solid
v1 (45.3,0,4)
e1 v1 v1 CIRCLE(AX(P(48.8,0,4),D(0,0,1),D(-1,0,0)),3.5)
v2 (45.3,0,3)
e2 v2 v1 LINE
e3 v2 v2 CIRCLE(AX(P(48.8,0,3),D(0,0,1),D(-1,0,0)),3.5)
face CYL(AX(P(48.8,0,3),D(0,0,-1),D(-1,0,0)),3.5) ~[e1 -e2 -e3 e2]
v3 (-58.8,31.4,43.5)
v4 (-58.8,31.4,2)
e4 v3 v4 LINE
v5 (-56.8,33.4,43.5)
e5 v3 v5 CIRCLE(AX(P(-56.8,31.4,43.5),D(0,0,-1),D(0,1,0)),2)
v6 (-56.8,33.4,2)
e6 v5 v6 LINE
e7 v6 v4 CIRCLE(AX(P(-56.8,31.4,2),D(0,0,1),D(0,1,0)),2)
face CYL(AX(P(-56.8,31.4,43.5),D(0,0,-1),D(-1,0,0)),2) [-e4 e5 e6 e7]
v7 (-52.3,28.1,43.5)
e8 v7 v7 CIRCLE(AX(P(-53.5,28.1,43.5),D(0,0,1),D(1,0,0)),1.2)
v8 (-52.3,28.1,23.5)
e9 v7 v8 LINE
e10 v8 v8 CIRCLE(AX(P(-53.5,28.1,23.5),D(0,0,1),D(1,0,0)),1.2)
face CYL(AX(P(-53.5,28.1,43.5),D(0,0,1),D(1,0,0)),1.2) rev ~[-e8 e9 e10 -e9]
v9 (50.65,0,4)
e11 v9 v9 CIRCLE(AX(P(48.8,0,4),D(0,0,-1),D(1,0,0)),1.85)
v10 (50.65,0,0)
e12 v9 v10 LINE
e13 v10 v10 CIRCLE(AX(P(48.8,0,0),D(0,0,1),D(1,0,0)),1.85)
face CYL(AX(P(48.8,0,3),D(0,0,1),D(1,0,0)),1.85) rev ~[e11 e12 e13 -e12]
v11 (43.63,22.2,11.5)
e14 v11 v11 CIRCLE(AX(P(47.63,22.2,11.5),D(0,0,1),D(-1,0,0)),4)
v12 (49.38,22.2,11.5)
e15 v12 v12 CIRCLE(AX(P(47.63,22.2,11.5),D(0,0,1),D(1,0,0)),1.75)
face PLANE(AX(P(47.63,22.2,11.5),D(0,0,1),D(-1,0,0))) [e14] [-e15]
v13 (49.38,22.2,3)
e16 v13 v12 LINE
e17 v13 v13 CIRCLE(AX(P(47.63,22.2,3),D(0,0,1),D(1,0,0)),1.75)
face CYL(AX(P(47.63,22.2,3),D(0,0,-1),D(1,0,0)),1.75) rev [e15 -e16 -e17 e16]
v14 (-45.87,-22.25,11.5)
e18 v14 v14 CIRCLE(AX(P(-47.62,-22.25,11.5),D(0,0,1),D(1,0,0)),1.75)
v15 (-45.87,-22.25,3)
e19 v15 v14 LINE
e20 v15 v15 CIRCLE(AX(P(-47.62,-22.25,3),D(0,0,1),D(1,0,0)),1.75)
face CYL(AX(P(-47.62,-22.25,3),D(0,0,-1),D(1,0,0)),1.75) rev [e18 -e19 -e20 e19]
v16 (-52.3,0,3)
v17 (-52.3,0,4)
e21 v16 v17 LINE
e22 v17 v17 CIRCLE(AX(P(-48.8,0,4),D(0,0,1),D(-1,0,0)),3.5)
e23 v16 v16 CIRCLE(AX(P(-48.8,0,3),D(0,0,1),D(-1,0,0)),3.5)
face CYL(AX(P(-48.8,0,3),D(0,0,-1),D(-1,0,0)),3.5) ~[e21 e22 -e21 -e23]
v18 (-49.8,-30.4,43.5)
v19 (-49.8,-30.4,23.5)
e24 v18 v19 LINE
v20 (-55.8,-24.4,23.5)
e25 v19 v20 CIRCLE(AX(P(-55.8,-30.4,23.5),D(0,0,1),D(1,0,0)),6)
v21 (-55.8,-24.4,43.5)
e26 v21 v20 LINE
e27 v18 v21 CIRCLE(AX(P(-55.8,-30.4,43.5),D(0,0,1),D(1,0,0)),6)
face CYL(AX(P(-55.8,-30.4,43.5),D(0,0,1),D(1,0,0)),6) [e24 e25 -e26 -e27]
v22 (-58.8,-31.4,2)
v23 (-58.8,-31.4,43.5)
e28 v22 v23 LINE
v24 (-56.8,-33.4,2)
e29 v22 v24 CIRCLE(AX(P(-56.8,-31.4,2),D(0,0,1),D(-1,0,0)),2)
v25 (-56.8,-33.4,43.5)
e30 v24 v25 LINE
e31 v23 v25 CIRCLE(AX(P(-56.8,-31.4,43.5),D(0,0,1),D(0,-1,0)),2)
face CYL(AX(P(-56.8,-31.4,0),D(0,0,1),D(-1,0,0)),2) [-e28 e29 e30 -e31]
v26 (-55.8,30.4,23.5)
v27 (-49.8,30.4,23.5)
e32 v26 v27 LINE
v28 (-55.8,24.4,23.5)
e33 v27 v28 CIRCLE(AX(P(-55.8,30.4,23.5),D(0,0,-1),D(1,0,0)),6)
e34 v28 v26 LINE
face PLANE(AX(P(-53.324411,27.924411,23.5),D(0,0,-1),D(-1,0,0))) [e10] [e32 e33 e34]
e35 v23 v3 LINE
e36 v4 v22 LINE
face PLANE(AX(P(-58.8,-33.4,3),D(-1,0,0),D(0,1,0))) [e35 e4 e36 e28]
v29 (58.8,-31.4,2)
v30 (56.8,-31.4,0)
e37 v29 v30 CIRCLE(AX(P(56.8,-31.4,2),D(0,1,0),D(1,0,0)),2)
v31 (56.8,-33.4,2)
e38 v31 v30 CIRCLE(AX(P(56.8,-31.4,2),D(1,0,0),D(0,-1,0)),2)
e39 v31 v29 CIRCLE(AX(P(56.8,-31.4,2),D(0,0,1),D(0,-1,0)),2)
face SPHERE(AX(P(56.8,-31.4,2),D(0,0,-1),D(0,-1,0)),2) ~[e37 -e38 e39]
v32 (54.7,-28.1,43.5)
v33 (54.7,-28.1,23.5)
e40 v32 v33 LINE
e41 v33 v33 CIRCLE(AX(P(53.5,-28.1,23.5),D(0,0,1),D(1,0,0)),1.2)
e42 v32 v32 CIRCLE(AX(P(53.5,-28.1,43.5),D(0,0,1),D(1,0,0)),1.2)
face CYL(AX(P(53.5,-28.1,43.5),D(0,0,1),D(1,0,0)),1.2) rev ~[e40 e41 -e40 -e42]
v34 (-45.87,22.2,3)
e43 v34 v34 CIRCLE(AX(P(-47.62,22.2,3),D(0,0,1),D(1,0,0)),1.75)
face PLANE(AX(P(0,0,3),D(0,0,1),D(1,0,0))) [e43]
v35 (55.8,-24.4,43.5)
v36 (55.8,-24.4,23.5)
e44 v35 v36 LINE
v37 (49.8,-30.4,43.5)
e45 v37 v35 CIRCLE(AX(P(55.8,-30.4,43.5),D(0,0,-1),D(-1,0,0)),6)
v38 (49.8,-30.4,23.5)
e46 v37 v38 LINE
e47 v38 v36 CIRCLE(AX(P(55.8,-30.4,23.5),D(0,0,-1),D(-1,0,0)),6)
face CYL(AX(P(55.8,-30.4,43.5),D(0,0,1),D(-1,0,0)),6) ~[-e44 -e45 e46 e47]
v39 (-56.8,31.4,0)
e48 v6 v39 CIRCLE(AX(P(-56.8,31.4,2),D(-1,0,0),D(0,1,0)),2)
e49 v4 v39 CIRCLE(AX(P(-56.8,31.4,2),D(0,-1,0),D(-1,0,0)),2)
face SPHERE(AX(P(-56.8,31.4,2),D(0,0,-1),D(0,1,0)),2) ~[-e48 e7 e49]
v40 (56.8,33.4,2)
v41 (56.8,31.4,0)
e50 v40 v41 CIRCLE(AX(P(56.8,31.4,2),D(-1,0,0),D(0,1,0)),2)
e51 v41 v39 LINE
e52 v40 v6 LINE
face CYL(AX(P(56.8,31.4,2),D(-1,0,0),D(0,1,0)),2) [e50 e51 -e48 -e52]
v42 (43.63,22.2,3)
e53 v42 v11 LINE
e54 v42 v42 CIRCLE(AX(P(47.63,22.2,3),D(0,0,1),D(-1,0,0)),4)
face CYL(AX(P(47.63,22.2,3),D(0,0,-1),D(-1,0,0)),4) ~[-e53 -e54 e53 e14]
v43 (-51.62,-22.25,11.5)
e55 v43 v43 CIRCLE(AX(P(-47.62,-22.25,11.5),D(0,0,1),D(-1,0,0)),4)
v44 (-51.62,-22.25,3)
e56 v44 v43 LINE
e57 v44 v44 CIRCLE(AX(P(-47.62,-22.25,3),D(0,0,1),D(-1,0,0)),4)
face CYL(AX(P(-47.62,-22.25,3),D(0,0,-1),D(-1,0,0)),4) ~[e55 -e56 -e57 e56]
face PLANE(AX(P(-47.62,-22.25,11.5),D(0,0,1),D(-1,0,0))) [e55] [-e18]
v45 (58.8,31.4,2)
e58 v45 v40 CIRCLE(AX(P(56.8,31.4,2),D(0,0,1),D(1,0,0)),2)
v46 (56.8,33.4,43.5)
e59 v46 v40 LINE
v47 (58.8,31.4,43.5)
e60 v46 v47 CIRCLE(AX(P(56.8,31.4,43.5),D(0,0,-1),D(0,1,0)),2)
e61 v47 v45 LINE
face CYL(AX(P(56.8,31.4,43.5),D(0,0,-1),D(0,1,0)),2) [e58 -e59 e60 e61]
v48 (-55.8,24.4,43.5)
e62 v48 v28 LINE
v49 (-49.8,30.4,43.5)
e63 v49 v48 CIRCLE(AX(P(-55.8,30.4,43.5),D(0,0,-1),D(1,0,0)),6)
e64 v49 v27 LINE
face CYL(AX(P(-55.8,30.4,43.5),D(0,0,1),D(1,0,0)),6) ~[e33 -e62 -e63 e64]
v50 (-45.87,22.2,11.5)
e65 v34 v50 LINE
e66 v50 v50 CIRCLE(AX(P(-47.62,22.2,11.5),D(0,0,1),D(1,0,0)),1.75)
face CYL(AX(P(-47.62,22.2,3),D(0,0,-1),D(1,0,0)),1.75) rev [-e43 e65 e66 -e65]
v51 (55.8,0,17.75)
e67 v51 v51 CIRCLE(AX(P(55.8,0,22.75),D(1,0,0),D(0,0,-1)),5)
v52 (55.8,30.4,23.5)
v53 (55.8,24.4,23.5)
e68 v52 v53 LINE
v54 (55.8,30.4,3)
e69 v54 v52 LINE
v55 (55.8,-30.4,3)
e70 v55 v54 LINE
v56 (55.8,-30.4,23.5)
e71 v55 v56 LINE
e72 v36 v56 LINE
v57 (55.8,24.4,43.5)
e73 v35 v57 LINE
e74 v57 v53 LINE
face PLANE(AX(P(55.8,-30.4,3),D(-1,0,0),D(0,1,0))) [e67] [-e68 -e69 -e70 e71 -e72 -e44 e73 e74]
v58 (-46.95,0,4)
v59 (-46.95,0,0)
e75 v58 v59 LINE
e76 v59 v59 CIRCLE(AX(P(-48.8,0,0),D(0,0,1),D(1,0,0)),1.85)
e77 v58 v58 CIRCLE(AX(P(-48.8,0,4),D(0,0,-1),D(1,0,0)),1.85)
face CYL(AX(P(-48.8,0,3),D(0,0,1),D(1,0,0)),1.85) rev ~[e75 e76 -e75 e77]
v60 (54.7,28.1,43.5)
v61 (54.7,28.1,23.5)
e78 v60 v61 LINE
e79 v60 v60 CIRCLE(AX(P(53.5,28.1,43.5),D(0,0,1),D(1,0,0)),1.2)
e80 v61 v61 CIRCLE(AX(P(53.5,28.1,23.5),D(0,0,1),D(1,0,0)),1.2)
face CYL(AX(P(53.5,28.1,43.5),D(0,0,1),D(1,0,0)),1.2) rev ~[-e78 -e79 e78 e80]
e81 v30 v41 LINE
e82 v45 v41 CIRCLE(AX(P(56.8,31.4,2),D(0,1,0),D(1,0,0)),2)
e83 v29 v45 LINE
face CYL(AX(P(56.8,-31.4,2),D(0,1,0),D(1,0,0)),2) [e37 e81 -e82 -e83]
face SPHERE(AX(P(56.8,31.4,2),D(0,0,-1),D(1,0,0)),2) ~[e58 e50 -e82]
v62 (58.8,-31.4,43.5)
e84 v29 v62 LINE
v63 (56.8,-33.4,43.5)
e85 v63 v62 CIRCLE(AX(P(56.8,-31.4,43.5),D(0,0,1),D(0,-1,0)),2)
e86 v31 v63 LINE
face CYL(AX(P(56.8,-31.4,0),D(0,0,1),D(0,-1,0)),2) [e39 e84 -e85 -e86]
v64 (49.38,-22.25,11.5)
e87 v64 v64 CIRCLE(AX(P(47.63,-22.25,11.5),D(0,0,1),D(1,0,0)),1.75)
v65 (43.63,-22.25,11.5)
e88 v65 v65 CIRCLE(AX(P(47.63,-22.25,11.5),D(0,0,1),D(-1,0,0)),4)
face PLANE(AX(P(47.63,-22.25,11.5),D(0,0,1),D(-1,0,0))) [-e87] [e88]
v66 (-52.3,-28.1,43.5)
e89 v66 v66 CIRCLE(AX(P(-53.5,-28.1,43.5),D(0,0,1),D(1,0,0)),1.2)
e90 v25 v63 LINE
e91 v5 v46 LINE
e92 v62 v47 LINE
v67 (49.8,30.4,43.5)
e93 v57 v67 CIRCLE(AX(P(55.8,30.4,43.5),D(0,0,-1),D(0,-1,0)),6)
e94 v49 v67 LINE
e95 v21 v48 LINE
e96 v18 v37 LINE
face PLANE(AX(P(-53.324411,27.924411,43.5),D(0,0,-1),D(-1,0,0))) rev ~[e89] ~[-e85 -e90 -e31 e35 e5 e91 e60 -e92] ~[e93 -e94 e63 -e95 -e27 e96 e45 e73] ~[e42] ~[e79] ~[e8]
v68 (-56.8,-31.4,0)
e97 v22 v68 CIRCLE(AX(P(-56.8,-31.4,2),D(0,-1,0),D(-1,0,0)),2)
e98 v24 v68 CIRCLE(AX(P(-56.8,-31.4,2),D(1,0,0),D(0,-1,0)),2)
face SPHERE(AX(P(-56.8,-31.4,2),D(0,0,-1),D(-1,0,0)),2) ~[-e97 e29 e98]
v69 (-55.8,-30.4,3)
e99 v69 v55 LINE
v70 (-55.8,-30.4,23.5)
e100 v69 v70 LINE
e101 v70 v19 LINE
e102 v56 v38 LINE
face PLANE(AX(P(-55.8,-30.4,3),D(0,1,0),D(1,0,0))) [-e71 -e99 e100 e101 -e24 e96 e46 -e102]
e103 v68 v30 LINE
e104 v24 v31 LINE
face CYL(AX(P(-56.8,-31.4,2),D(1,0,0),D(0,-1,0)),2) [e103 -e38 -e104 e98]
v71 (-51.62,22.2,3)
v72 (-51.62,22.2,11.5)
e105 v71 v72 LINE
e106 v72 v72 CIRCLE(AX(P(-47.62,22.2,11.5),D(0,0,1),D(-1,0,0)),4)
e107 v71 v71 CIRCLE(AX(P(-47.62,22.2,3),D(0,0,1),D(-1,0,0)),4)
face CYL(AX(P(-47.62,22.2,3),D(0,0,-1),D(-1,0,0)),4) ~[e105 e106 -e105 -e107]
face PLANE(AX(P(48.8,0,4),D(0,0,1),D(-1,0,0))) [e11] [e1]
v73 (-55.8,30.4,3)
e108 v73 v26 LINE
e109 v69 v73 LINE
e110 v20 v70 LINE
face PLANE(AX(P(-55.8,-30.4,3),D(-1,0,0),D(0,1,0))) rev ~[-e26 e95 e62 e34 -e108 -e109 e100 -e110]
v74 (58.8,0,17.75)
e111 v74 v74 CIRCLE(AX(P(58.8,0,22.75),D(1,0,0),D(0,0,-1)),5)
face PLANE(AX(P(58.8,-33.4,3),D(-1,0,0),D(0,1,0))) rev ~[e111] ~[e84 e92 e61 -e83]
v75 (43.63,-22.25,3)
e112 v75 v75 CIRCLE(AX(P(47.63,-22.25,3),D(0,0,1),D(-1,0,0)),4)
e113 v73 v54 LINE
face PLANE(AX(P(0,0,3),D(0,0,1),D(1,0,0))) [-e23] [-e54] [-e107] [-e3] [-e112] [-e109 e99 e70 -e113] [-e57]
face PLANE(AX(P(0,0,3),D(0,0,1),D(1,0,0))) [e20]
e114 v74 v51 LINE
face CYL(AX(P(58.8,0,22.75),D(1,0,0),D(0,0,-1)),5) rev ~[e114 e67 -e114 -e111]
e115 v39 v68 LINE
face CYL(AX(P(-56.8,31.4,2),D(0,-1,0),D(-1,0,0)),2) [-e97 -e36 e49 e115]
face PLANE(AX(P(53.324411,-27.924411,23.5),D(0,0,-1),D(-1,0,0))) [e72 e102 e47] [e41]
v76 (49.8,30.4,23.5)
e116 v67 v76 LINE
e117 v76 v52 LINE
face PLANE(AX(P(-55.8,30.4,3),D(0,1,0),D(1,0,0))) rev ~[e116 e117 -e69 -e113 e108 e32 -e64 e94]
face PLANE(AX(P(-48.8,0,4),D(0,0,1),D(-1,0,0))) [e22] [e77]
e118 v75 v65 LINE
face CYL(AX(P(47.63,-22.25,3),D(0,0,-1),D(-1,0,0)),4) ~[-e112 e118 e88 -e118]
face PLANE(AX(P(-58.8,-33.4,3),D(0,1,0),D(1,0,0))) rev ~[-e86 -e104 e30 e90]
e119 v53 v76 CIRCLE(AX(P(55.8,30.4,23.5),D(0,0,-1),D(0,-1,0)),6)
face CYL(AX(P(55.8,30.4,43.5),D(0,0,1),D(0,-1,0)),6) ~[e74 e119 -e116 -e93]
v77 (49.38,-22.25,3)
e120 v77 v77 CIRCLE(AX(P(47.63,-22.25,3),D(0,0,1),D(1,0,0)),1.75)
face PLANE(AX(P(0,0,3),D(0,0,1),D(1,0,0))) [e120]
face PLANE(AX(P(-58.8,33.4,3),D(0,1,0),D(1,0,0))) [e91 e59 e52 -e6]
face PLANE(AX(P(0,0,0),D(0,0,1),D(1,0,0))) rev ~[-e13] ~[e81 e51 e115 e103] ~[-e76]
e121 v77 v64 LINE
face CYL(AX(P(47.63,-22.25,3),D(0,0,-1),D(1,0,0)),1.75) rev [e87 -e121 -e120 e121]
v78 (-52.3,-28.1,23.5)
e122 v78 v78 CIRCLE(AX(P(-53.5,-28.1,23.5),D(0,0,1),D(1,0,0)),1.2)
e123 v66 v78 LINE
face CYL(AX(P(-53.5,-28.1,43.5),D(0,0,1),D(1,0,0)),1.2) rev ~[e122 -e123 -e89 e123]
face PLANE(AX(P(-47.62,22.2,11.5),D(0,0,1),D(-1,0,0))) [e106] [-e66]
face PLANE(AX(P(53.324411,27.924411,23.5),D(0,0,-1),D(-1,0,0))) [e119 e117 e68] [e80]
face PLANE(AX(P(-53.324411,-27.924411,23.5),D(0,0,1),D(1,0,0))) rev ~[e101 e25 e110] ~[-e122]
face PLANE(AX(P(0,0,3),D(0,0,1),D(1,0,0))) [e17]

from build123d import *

# Parameters (mm, degrees)
SCHIZZO1_W                           = 117.6
SCHIZZO1_H                           = 66.8
ESTRUSIONE_ESTRUSIONE1_DEPTH         = 3
SCHIZZO2_W                           = 117.6
SCHIZZO2_H                           = 66.8
SCHIZZO2_W_2                         = 111.6
SCHIZZO2_H_2                         = 60.8
ESTRUSIONE_FORI_COVER_DEPTH          = 40.5
SCHIZZO4_R                           = 4
SCHIZZO4_R_2                         = 1.75
ESTRUSIONE_FORI_PCB_DEPTH            = 8.5
SCHIZZO7_R                           = 3.5
ESTRUSIONE_FORI_CHASSIS_DEPTH        = 1
SCHIZZO8_R                           = 1.85
TAGLIO_ESTRUSIONE2_DEPTH             = 79.82417142
TAGLIO_ESTRUSIONE2_DIRECTION_2_REACH = 80.824
RACCORDO3_R                          = 2
RACCORDO4_R                          = 2
RACCORDO5_R                          = 2
RACCORDO6_R                          = 2
RACCORDO7_R                          = 2
SCHIZZO9_R                           = 1.2
ESTRUSIONE_ESTRUSIONE6_DEPTH         = 20
TAGLIO_FORO_CAVI_REACH               = 131.76
SCHIZZO11_R                          = 5


with BuildPart() as part:
    # Schizzo1 → Estrusione-Estrusione1 (new body)
    with BuildSketch(Plane.XY):
        Rectangle(SCHIZZO1_W, SCHIZZO1_H)
    extrude(amount=ESTRUSIONE_ESTRUSIONE1_DEPTH)

    # Schizzo2 → Estrusione- Fori Cover (add)
    with BuildSketch(Plane.XY.offset(3)):
        Rectangle(SCHIZZO2_W, SCHIZZO2_H)
        Rectangle(SCHIZZO2_W_2, SCHIZZO2_H_2, mode=Mode.SUBTRACT)
    extrude(amount=ESTRUSIONE_FORI_COVER_DEPTH)

    # Schizzo4 → Estrusione- Fori PCB (add)
    # profile 1 of 4: a face of its own
    with BuildSketch(Plane.XY.offset(3)):
        with Locations(Location((-47.62, 22.2, 0), (0, 0, 180))):
            Circle(SCHIZZO4_R)
        with Locations((-47.62, 22.2)):
            Circle(SCHIZZO4_R_2, mode=Mode.SUBTRACT)
    # profile 2 of 4: a face of its own
    with BuildSketch(Plane.XY.offset(3)):
        with Locations(Location((47.63, 22.2, 0), (0, 0, 180))):
            Circle(SCHIZZO4_R)
        with Locations((47.63, 22.2)):
            Circle(SCHIZZO4_R_2, mode=Mode.SUBTRACT)
    # profile 3 of 4: a face of its own
    with BuildSketch(Plane.XY.offset(3)):
        with Locations(Location((47.63, -22.25, 0), (0, 0, 180))):
            Circle(SCHIZZO4_R)
        with Locations((47.63, -22.25)):
            Circle(SCHIZZO4_R_2, mode=Mode.SUBTRACT)
    # profile 4 of 4: a face of its own
    with BuildSketch(Plane.XY.offset(3)):
        with Locations(Location((-47.62, -22.25, 0), (0, 0, 180))):
            Circle(SCHIZZO4_R)
        with Locations((-47.62, -22.25)):
            Circle(SCHIZZO4_R_2, mode=Mode.SUBTRACT)
    extrude(amount=ESTRUSIONE_FORI_PCB_DEPTH)

    # Schizzo7 → Estrusione-Fori Chassis (add)
    with BuildSketch(Plane.XY.offset(3)):
        with Locations(Location((-48.8, 0, 0), (0, 0, 180))):
            Circle(SCHIZZO7_R)
        with Locations(Location((48.8, 0, 0), (0, 0, 180))):
            Circle(SCHIZZO7_R)
    extrude(amount=ESTRUSIONE_FORI_CHASSIS_DEPTH)

    # Schizzo8 → Taglio-Estrusione2 (cut)
    with BuildSketch(Plane.XY.offset(3)):
        with Locations((-48.8, 0)):
            Circle(SCHIZZO8_R)
        with Locations((48.8, 0)):
            Circle(SCHIZZO8_R)
    extrude(amount=-TAGLIO_ESTRUSIONE2_DEPTH, mode=Mode.SUBTRACT)

    # Schizzo8 → Taglio-Estrusione2 direction 2 (cut, up to next)
    with BuildSketch(Plane.XY.offset(3), mode=Mode.PRIVATE) as taglio_estrusione2_direction_2_sk1:
        with Locations((-48.8, 0)):
            Circle(SCHIZZO8_R)
    taglio_estrusione2_direction_2_tool1 = extrude(taglio_estrusione2_direction_2_sk1.sketch, amount=TAGLIO_ESTRUSIONE2_DIRECTION_2_REACH, mode=Mode.PRIVATE) & part.part
    # Schizzo8 → Taglio-Estrusione2 direction 2 (cut, up to next)
    with BuildSketch(Plane.XY.offset(3), mode=Mode.PRIVATE) as taglio_estrusione2_direction_2_sk2:
        with Locations((48.8, 0)):
            Circle(SCHIZZO8_R)
    taglio_estrusione2_direction_2_tool2 = extrude(taglio_estrusione2_direction_2_sk2.sketch, amount=TAGLIO_ESTRUSIONE2_DIRECTION_2_REACH, mode=Mode.PRIVATE) & part.part
    add(taglio_estrusione2_direction_2_tool1.solids().sort_by_distance((-48.8, 0, 3))[0], mode=Mode.SUBTRACT)
    add(taglio_estrusione2_direction_2_tool2.solids().sort_by_distance((48.8, 0, 3))[0], mode=Mode.SUBTRACT)

    # Raccordo3
    raccordo3_edges = [part.edges().sort_by_distance(p)[0] for p in [
        (-58.8, 33.4, 21.75),
    ]]
    fillet(raccordo3_edges, radius=RACCORDO3_R)

    # Raccordo4
    raccordo4_edges = [part.edges().sort_by_distance(p)[0] for p in [
        (58.8, 33.4, 21.75),
    ]]
    fillet(raccordo4_edges, radius=RACCORDO4_R)

    # Raccordo5
    raccordo5_edges = [part.edges().sort_by_distance(p)[0] for p in [
        (-58.8, -33.4, 21.75),
    ]]
    fillet(raccordo5_edges, radius=RACCORDO5_R)

    # Raccordo6
    raccordo6_edges = [part.edges().sort_by_distance(p)[0] for p in [
        (58.8, -33.4, 21.75),
    ]]
    fillet(raccordo6_edges, radius=RACCORDO6_R)

    # Raccordo7
    raccordo7_edges = [part.edges().sort_by_distance(p)[0] for p in [
        (0, -33.4, 0),
        (-58.214213562, -32.814213562, 0),
        (58.8, 0, 0),
        (58.214213562, -32.814213562, 0),
        (-58.8, 0, 0),
        (-58.214213562, 32.814213562, 0),
        (0, 33.4, 0),
        (58.214213562, 32.814213562, 0),
    ]]
    fillet(raccordo7_edges, radius=RACCORDO7_R)

    # Schizzo9 → Estrusione-Estrusione6 (add)
    # profile 1 of 4: a face of its own
    with BuildSketch(Plane.XY.offset(43.5)):
        with BuildLine():
            Line((-55.8, 24.4), (-55.8, 30.4))
            Line((-55.8, 30.4), (-49.8, 30.4))
            ThreePointArc((-49.8, 30.4), (-51.557359313, 26.157359313), (-55.8, 24.4))
        make_face()
        with Locations((-53.5, 28.1)):
            Circle(SCHIZZO9_R, mode=Mode.SUBTRACT)
    # profile 2 of 4: a face of its own
    with BuildSketch(Plane.XY.offset(43.5)):
        with BuildLine():
            Line((49.8, 30.4), (55.8, 30.4))
            Line((55.8, 30.4), (55.8, 24.4))
            ThreePointArc((55.8, 24.4), (51.557359313, 26.157359313), (49.8, 30.4))
        make_face()
        with Locations((53.5, 28.1)):
            Circle(SCHIZZO9_R, mode=Mode.SUBTRACT)
    # profile 3 of 4: a face of its own
    with BuildSketch(Plane.XY.offset(43.5)):
        with BuildLine():
            Line((55.8, -24.4), (55.8, -30.4))
            Line((55.8, -30.4), (49.8, -30.4))
            ThreePointArc((49.8, -30.4), (51.557359313, -26.157359313), (55.8, -24.4))
        make_face()
        with Locations((53.5, -28.1)):
            Circle(SCHIZZO9_R, mode=Mode.SUBTRACT)
    # profile 4 of 4: a face of its own
    with BuildSketch(Plane.XY.offset(43.5)):
        with BuildLine():
            Line((-55.8, -24.4), (-55.8, -30.4))
            Line((-55.8, -30.4), (-49.8, -30.4))
            ThreePointArc((-49.8, -30.4), (-51.557359313, -26.157359313), (-55.8, -24.4))
        make_face()
        with Locations((-53.5, -28.1)):
            Circle(SCHIZZO9_R, mode=Mode.SUBTRACT)
    extrude(amount=-ESTRUSIONE_ESTRUSIONE6_DEPTH)

    # Schizzo11 → Taglio- Foro Cavi (cut, up to next)
    with BuildSketch(Plane(origin=(58.8, 0, 0), x_dir=(0, 0, -1), z_dir=(1, 0, 0)), mode=Mode.PRIVATE) as taglio_foro_cavi_sk1:
        with Locations((-22.75, 0)):
            Circle(SCHIZZO11_R)
    taglio_foro_cavi_tool1 = extrude(taglio_foro_cavi_sk1.sketch, amount=-TAGLIO_FORO_CAVI_REACH, mode=Mode.PRIVATE) & part.part
    add(taglio_foro_cavi_tool1.solids().sort_by_distance((58.8, 0, 22.75))[0], mode=Mode.SUBTRACT)


solid = part.part
